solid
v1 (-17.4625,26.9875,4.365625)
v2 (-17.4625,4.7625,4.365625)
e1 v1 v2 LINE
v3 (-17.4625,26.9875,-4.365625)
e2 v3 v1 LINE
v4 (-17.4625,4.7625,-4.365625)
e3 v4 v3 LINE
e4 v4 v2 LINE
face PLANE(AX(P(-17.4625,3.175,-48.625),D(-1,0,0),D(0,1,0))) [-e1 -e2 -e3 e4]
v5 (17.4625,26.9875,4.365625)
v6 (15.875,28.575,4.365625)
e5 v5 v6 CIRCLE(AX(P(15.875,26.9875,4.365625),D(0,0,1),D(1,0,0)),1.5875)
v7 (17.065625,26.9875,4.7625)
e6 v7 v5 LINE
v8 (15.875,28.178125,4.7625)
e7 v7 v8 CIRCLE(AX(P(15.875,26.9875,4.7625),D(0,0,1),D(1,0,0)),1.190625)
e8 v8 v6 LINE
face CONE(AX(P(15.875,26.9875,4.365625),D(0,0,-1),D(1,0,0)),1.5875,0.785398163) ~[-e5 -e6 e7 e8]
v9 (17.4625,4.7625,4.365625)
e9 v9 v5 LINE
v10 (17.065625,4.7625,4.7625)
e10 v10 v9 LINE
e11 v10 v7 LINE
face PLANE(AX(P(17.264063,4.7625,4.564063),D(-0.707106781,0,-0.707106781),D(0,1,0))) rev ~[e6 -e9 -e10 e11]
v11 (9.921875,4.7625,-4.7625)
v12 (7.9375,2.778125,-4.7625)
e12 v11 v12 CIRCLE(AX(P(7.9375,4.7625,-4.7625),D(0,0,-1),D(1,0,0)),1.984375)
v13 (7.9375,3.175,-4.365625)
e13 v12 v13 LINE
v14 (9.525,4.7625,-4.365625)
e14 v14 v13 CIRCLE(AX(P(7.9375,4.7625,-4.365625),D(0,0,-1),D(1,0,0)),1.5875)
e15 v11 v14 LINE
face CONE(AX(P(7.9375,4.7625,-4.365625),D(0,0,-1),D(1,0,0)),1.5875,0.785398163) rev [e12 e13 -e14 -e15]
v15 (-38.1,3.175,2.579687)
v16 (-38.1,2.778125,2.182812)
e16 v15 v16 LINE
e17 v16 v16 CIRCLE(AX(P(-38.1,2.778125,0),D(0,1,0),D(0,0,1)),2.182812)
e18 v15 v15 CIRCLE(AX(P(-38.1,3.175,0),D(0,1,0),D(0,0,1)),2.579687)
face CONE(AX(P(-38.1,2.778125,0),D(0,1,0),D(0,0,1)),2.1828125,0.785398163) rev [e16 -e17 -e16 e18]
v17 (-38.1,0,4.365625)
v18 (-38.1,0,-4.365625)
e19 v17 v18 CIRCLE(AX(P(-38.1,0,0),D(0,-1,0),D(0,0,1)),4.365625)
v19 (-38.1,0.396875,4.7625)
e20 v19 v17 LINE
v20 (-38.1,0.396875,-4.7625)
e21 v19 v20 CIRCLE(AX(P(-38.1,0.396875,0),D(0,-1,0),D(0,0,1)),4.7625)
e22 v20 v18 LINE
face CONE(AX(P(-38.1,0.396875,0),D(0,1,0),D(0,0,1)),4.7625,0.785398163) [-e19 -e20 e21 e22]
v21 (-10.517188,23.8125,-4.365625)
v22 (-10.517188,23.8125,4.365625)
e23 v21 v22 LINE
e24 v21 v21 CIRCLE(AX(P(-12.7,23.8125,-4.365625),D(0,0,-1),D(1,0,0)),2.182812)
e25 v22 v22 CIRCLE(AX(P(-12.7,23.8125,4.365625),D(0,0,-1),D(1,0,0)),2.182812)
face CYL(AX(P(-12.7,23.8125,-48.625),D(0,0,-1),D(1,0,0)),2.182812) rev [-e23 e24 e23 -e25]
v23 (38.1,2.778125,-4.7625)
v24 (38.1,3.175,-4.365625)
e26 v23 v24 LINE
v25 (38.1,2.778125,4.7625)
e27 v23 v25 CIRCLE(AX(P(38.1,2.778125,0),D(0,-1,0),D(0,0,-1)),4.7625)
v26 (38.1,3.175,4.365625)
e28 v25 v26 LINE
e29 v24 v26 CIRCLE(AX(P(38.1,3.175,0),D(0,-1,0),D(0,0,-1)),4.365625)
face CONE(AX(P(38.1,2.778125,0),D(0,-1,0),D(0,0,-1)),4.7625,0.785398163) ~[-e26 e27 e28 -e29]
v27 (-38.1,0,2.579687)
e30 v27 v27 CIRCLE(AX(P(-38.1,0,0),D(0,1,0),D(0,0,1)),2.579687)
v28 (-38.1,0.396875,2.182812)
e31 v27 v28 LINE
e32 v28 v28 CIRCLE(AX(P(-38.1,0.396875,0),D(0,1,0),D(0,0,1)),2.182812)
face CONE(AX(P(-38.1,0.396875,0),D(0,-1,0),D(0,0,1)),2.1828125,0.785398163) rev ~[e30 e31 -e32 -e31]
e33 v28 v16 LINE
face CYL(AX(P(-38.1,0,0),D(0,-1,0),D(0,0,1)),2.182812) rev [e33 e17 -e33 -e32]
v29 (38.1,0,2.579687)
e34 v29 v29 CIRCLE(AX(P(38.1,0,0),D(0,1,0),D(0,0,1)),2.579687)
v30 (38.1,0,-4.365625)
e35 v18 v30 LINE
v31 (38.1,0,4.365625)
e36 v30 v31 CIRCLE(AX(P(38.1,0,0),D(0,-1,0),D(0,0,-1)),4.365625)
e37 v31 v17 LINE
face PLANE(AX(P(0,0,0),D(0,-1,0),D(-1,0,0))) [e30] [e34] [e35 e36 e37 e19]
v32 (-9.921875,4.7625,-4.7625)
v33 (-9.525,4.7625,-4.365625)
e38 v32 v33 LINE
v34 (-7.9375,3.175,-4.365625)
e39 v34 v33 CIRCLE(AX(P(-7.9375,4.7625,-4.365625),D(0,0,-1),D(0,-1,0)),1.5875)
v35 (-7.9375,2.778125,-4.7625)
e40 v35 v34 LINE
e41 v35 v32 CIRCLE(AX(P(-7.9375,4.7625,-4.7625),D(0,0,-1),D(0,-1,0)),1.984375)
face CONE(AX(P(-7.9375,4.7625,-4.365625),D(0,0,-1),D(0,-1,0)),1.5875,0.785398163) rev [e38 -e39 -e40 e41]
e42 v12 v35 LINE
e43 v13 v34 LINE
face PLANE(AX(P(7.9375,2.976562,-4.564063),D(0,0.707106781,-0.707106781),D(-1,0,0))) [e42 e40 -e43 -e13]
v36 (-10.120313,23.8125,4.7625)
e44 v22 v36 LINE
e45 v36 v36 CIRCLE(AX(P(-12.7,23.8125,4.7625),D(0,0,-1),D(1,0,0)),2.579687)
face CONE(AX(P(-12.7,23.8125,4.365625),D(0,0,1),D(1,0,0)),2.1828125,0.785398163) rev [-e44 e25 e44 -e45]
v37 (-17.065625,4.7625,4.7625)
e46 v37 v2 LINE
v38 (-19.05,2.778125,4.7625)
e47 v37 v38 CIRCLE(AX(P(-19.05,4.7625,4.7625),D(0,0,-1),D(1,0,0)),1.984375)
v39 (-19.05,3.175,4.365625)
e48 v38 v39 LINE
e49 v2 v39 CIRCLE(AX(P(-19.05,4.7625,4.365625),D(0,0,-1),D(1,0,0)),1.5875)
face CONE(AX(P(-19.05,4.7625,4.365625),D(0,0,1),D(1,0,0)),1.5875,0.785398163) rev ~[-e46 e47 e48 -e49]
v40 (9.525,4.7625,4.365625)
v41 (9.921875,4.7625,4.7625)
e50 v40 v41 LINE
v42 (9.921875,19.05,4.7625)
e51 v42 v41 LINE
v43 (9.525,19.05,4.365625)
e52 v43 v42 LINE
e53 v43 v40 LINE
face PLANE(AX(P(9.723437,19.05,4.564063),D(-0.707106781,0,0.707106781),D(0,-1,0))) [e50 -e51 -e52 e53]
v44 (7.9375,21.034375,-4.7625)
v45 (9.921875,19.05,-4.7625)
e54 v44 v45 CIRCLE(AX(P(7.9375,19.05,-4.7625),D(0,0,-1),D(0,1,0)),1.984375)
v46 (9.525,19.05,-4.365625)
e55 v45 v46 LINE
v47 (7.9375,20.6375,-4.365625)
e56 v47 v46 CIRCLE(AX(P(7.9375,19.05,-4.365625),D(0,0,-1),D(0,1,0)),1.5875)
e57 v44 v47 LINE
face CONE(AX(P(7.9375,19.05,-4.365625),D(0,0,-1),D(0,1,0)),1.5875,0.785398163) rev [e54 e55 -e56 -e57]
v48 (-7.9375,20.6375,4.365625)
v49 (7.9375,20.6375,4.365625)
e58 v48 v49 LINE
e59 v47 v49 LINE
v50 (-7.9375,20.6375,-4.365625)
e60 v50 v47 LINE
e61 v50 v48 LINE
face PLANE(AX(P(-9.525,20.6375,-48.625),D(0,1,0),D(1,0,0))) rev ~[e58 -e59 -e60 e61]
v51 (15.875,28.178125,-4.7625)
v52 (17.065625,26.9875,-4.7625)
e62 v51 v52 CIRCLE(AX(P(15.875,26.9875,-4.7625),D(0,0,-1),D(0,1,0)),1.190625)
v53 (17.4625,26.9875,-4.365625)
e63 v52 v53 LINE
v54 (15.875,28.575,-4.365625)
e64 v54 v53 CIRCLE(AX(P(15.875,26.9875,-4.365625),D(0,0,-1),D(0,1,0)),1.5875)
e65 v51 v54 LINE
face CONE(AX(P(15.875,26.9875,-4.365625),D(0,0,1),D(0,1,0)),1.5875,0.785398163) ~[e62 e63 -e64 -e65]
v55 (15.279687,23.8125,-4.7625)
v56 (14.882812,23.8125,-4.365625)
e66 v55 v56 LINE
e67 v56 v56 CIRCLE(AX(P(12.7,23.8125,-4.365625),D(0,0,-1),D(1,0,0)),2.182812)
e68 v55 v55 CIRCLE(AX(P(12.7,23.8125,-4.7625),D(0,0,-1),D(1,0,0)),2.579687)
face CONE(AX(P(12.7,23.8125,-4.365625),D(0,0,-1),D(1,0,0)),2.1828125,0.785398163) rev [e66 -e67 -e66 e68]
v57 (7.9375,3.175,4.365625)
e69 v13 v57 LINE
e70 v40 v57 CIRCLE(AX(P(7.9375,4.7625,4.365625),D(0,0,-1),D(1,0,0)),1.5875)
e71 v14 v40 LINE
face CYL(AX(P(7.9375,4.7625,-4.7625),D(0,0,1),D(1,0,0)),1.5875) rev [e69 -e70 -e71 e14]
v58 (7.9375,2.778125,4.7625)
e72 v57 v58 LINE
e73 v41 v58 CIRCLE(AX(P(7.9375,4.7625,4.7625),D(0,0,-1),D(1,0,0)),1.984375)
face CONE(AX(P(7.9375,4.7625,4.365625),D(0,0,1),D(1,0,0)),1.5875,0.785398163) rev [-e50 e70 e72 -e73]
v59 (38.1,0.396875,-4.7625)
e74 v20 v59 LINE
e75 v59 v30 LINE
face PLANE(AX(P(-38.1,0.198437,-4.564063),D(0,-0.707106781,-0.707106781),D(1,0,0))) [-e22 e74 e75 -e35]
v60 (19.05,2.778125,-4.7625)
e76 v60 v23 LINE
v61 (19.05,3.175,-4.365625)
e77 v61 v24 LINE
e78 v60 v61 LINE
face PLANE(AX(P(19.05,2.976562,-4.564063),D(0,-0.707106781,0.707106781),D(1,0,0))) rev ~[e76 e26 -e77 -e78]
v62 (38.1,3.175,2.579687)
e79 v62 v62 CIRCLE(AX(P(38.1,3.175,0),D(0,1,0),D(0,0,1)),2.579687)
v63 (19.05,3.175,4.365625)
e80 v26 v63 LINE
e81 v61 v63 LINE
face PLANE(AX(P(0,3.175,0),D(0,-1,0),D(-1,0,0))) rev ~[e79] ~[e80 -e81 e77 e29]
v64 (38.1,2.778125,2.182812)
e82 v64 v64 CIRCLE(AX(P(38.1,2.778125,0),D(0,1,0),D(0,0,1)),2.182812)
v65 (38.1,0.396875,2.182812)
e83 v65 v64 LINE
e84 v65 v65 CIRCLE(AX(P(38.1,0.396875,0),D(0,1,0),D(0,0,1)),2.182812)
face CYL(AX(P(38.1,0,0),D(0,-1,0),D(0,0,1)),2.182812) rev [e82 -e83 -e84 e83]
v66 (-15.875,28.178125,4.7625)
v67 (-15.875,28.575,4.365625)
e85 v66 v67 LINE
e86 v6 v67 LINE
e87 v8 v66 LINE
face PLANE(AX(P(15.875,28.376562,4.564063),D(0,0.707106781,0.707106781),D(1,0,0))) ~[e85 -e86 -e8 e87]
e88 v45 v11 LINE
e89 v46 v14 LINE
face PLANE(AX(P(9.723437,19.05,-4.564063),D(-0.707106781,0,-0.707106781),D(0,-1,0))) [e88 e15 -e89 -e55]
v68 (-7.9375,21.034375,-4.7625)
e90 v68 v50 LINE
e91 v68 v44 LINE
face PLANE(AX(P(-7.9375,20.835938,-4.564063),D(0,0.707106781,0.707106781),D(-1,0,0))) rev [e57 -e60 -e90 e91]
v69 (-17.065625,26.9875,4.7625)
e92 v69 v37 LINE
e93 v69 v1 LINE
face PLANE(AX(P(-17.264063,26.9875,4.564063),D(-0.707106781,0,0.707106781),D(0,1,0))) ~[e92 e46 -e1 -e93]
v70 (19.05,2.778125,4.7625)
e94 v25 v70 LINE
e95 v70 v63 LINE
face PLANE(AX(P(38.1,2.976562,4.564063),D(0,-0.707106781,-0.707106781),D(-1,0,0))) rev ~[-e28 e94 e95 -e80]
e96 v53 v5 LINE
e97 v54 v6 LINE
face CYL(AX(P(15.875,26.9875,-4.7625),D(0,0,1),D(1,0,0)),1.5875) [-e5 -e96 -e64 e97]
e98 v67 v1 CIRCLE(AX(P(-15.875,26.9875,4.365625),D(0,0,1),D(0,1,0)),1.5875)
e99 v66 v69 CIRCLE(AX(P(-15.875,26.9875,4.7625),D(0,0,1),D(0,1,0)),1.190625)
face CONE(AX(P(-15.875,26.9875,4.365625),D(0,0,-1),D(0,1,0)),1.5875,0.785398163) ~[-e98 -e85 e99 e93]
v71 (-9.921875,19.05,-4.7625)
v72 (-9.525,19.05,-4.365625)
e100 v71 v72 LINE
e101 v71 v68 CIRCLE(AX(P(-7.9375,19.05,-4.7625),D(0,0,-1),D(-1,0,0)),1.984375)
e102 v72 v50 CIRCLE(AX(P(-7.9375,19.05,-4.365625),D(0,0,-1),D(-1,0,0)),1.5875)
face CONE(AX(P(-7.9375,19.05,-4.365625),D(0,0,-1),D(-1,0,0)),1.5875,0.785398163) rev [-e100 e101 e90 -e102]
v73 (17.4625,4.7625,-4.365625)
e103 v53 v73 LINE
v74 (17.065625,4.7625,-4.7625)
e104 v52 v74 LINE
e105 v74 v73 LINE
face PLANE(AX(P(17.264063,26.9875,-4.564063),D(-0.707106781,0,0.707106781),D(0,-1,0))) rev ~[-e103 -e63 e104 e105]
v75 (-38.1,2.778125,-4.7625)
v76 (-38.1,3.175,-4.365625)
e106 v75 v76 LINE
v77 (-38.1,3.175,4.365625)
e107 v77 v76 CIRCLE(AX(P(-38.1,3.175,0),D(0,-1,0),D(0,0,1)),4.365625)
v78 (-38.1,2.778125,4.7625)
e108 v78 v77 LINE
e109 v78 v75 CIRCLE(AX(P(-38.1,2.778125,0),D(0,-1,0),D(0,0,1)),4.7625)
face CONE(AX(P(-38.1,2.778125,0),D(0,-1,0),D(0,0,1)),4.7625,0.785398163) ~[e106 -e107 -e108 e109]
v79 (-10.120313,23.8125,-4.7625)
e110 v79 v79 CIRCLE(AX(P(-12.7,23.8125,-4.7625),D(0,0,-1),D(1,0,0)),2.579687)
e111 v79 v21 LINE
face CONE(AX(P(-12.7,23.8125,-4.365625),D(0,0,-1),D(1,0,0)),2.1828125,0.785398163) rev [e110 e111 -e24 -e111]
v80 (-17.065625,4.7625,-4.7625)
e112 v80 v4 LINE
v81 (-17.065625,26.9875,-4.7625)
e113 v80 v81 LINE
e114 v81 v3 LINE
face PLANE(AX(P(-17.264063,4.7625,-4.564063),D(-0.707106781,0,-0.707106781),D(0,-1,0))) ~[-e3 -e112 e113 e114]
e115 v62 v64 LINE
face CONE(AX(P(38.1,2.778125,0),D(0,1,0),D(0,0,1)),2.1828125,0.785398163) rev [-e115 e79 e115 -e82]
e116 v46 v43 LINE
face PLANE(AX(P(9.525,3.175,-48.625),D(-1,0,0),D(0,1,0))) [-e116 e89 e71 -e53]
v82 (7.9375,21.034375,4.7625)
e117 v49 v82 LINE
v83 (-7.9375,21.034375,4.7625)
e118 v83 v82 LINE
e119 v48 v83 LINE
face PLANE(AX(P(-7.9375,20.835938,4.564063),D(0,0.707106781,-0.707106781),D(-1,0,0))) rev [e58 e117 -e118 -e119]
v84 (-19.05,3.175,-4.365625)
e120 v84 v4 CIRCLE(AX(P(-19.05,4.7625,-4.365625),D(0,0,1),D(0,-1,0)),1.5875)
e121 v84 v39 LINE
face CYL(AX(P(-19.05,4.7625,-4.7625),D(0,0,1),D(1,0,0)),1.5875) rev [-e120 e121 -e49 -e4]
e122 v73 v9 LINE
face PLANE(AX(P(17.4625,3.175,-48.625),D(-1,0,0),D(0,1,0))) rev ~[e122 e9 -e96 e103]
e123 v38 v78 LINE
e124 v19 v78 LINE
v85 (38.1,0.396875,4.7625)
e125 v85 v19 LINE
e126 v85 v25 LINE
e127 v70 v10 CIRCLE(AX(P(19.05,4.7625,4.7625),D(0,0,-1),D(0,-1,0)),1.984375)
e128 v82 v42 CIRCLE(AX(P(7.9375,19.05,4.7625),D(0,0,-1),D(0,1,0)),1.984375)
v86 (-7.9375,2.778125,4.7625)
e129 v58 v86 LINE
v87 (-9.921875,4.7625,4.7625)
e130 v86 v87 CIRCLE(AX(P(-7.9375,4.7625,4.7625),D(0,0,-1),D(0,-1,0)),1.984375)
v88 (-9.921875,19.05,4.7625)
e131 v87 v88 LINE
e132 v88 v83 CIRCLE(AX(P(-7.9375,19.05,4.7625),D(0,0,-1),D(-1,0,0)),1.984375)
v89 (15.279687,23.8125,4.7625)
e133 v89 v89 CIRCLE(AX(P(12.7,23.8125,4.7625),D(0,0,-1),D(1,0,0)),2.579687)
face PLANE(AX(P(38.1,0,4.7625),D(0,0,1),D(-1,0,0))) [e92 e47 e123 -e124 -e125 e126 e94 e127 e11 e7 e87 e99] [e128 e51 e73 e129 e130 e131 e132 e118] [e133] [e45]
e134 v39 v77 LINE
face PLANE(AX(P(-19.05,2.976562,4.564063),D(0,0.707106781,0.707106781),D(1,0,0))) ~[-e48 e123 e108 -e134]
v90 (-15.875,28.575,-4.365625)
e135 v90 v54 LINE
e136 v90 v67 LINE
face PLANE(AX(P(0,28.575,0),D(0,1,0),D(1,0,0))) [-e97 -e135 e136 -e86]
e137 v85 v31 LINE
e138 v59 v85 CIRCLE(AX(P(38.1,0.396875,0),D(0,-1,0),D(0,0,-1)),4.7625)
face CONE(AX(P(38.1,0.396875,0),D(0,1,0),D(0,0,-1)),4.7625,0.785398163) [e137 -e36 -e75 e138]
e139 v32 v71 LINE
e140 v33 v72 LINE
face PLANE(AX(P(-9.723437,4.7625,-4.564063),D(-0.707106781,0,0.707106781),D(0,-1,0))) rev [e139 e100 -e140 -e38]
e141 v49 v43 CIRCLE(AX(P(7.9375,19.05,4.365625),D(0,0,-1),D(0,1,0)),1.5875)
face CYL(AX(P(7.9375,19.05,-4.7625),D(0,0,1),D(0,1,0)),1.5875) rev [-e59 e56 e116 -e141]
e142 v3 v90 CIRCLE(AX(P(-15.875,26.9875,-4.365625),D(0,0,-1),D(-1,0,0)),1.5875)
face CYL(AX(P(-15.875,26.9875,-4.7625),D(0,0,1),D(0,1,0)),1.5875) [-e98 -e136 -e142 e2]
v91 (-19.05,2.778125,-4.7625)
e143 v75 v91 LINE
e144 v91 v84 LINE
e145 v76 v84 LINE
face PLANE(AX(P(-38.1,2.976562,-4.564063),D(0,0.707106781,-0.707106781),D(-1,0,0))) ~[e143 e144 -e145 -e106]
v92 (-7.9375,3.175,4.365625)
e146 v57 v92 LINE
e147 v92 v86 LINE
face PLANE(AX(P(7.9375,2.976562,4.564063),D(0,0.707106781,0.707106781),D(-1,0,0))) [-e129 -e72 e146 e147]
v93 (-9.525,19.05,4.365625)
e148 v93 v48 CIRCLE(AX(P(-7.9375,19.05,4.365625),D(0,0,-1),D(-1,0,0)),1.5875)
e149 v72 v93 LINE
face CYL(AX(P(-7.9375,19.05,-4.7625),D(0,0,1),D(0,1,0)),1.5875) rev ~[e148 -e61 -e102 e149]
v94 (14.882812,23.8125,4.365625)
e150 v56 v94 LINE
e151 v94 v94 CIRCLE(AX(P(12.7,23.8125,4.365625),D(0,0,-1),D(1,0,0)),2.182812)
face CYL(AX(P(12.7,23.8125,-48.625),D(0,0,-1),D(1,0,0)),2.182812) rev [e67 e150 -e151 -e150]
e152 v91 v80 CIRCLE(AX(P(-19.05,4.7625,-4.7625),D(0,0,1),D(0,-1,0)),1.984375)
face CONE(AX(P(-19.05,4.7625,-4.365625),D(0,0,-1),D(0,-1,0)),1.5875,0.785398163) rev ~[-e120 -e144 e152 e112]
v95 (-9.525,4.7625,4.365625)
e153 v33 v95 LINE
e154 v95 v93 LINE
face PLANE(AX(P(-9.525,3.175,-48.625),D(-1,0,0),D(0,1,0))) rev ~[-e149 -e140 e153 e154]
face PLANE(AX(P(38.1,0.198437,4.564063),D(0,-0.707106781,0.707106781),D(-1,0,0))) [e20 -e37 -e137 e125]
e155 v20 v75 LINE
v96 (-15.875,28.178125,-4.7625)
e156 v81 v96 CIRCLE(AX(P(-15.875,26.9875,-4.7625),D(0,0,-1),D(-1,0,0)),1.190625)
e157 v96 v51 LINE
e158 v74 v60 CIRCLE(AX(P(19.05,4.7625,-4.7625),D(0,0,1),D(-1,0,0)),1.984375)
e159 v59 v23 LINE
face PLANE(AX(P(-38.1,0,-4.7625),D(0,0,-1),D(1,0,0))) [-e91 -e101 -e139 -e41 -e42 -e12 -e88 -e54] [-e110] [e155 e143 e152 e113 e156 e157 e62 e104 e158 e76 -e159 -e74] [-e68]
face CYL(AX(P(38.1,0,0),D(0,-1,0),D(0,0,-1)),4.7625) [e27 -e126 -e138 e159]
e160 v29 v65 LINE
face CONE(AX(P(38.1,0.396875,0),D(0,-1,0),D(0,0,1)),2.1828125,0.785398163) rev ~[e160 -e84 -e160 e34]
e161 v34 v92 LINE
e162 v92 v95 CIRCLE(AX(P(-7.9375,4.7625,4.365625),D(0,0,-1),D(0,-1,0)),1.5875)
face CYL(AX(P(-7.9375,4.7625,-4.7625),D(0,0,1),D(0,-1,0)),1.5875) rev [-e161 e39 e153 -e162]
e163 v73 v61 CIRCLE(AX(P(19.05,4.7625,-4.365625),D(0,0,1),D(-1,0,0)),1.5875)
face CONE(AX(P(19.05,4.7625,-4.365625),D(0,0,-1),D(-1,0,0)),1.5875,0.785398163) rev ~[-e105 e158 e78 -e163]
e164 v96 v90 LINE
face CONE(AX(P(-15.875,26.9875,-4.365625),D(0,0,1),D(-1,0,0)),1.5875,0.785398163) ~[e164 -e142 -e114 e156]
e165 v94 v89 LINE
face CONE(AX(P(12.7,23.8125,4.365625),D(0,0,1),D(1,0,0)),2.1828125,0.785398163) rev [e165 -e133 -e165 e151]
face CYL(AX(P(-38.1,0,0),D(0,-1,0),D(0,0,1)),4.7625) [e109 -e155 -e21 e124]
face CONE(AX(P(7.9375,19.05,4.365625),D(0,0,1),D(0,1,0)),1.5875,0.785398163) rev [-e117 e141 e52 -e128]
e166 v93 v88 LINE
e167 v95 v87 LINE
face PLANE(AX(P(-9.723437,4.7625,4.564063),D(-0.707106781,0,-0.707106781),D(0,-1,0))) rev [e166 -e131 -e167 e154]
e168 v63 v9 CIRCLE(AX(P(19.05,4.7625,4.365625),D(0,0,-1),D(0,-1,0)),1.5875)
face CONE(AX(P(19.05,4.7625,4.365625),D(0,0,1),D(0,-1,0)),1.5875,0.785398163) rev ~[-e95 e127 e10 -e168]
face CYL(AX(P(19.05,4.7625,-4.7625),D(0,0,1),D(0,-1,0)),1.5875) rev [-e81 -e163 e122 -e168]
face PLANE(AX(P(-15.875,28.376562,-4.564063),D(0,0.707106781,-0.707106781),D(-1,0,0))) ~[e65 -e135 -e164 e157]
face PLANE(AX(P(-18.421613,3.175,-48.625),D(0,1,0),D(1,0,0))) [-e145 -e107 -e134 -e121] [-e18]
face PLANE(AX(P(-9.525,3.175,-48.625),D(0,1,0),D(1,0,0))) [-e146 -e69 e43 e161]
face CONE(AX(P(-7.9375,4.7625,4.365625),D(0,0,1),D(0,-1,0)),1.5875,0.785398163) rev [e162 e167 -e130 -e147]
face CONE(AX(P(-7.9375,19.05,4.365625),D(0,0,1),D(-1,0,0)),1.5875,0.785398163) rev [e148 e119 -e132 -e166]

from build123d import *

# Parameters (mm, degrees)
SKETCH2_R               = 2.1828125
BOSS_EXTRUDE1_DEPTH     = 3.175
SKETCH3_W               = 36.843225838
SKETCH3_H               = 9.525
BOSS_EXTRUDE2_DEPTH     = 25.4
CUT_EXTRUDE1_DEPTH      = 53.3875
CUT_EXTRUDE1_DEPTH_BACK = 53.3875
SKETCH4_R               = 2.1828125
SKETCH4_W               = 0.959112919
SKETCH4_H               = 25.4
SKETCH4_W_2             = 19.05
SKETCH4_H_2             = 17.4625
FILLET1_R               = 1.5875
CHAMFER1_SIZE           = 0.396875


with BuildPart() as part:
    # Sketch2 → Boss-Extrude1 (new body)
    with BuildSketch(Plane(origin=(0, 0, 0), x_dir=(1, 0, 0), z_dir=(0, 1, 0))):
        with BuildLine():
            Line((-38.1, 4.7625), (38.1, 4.7625))
            ThreePointArc((38.1, 4.7625), (42.8625, 0), (38.1, -4.7625))
            Line((38.1, -4.7625), (-38.1, -4.7625))
            ThreePointArc((-38.1, -4.7625), (-42.8625, 0), (-38.1, 4.7625))
        make_face()
        with Locations(Location((-38.1, 0, 0), (0, 0, 270))):
            Circle(SKETCH2_R, mode=Mode.SUBTRACT)
        with Locations(Location((38.1, 0, 0), (0, 0, 270))):
            Circle(SKETCH2_R, mode=Mode.SUBTRACT)
    extrude(amount=BOSS_EXTRUDE1_DEPTH)

    # Sketch3 → Boss-Extrude2 (add)
    with BuildSketch(Plane(origin=(0, 3.175, 0), x_dir=(1, 0, 0), z_dir=(0, 1, 0))):
        Rectangle(SKETCH3_W, SKETCH3_H)
    extrude(amount=BOSS_EXTRUDE2_DEPTH)

    # Sketch4 → Cut-Extrude1 (cut, two sides: drawn at the far end of the back side and taken through both)
    with BuildSketch(Plane.XY.offset(4.7625).offset(-CUT_EXTRUDE1_DEPTH_BACK)):
        with Locations((-12.7, 23.8125)):
            Circle(SKETCH4_R)
        with Locations((12.7, 23.8125)):
            Circle(SKETCH4_R)
        with Locations((-17.94205646, 15.875)):
            Rectangle(SKETCH4_W, SKETCH4_H)
        with Locations((17.94205646, 15.875)):
            Rectangle(SKETCH4_W, SKETCH4_H)
        with Locations((0, 11.90625)):
            Rectangle(SKETCH4_W_2, SKETCH4_H_2)
    extrude(amount=CUT_EXTRUDE1_DEPTH + CUT_EXTRUDE1_DEPTH_BACK, mode=Mode.SUBTRACT)

    # Fillet1
    fillet1_edges = [part.edges().sort_by_distance(p)[0] for p in [
        (-17.4625, 3.175, 0),
        (-17.4625, 28.575, 0),
        (17.4625, 28.575, 0),
        (17.4625, 3.175, 0),
        (-9.525, 3.175, 0),
        (-9.525, 20.6375, 0),
        (9.525, 20.6375, 0),
        (9.525, 3.175, 0),
    ]]
    fillet(fillet1_edges, radius=FILLET1_R)

    # Chamfer1
    chamfer1_edges = [part.edges().sort_by_distance(p)[0] for p in [
        (0, 28.575, -4.7625),
        (0, 28.575, 4.7625),
        (0, 3.175, 4.7625),
        (-9.525, 11.90625, 4.7625),
        (0, 20.6375, 4.7625),
        (9.525, 11.90625, 4.7625),
        (-17.4625, 15.875, 4.7625),
        (28.575, 3.175, 4.7625),
        (17.4625, 15.875, 4.7625),
        (16.997532015, 28.110032015, 4.7625),
        (-16.997532015, 28.110032015, 4.7625),
        (-17.4625, 15.875, -4.7625),
        (0, 20.6375, -4.7625),
        (-9.525, 11.90625, -4.7625),
        (0, 3.175, -4.7625),
        (9.525, 11.90625, -4.7625),
        (-28.575, 3.175, -4.7625),
        (17.4625, 15.875, -4.7625),
        (16.997532015, 28.110032015, -4.7625),
        (-16.997532015, 28.110032015, -4.7625),
        (-38.1, 0, -2.1828125),
        (-17.927467985, 3.639967985, 4.7625),
        (-38.1, 3.175, -2.1828125),
        (-17.927467985, 3.639967985, -4.7625),
        (17.927467985, 3.639967985, 4.7625),
        (17.927467985, 3.639967985, -4.7625),
        (-9.060032015, 20.172532015, 4.7625),
        (42.8625, 3.175, 0),
        (-9.060032015, 20.172532015, -4.7625),
        (9.060032015, 20.172532015, 4.7625),
        (9.060032015, 20.172532015, -4.7625),
        (9.060032015, 3.639967985, 4.7625),
        (9.060032015, 3.639967985, -4.7625),
        (-9.060032015, 3.639967985, 4.7625),
        (-9.060032015, 3.639967985, -4.7625),
        (38.1, 0, -2.1828125),
        (38.1, 3.175, -2.1828125),
        (28.575, 3.175, -4.7625),
        (10.5171875, 23.8125, -4.7625),
        (10.5171875, 23.8125, 4.7625),
        (-42.8625, 3.175, 0),
        (0, 0, -4.7625),
        (42.8625, 0, 0),
        (0, 0, 4.7625),
        (-42.8625, 0, 0),
        (-14.8828125, 23.8125, -4.7625),
        (-14.8828125, 23.8125, 4.7625),
        (-28.575, 3.175, 4.7625),
    ]]
    chamfer(chamfer1_edges, length=CHAMFER1_SIZE)


solid = part.part
